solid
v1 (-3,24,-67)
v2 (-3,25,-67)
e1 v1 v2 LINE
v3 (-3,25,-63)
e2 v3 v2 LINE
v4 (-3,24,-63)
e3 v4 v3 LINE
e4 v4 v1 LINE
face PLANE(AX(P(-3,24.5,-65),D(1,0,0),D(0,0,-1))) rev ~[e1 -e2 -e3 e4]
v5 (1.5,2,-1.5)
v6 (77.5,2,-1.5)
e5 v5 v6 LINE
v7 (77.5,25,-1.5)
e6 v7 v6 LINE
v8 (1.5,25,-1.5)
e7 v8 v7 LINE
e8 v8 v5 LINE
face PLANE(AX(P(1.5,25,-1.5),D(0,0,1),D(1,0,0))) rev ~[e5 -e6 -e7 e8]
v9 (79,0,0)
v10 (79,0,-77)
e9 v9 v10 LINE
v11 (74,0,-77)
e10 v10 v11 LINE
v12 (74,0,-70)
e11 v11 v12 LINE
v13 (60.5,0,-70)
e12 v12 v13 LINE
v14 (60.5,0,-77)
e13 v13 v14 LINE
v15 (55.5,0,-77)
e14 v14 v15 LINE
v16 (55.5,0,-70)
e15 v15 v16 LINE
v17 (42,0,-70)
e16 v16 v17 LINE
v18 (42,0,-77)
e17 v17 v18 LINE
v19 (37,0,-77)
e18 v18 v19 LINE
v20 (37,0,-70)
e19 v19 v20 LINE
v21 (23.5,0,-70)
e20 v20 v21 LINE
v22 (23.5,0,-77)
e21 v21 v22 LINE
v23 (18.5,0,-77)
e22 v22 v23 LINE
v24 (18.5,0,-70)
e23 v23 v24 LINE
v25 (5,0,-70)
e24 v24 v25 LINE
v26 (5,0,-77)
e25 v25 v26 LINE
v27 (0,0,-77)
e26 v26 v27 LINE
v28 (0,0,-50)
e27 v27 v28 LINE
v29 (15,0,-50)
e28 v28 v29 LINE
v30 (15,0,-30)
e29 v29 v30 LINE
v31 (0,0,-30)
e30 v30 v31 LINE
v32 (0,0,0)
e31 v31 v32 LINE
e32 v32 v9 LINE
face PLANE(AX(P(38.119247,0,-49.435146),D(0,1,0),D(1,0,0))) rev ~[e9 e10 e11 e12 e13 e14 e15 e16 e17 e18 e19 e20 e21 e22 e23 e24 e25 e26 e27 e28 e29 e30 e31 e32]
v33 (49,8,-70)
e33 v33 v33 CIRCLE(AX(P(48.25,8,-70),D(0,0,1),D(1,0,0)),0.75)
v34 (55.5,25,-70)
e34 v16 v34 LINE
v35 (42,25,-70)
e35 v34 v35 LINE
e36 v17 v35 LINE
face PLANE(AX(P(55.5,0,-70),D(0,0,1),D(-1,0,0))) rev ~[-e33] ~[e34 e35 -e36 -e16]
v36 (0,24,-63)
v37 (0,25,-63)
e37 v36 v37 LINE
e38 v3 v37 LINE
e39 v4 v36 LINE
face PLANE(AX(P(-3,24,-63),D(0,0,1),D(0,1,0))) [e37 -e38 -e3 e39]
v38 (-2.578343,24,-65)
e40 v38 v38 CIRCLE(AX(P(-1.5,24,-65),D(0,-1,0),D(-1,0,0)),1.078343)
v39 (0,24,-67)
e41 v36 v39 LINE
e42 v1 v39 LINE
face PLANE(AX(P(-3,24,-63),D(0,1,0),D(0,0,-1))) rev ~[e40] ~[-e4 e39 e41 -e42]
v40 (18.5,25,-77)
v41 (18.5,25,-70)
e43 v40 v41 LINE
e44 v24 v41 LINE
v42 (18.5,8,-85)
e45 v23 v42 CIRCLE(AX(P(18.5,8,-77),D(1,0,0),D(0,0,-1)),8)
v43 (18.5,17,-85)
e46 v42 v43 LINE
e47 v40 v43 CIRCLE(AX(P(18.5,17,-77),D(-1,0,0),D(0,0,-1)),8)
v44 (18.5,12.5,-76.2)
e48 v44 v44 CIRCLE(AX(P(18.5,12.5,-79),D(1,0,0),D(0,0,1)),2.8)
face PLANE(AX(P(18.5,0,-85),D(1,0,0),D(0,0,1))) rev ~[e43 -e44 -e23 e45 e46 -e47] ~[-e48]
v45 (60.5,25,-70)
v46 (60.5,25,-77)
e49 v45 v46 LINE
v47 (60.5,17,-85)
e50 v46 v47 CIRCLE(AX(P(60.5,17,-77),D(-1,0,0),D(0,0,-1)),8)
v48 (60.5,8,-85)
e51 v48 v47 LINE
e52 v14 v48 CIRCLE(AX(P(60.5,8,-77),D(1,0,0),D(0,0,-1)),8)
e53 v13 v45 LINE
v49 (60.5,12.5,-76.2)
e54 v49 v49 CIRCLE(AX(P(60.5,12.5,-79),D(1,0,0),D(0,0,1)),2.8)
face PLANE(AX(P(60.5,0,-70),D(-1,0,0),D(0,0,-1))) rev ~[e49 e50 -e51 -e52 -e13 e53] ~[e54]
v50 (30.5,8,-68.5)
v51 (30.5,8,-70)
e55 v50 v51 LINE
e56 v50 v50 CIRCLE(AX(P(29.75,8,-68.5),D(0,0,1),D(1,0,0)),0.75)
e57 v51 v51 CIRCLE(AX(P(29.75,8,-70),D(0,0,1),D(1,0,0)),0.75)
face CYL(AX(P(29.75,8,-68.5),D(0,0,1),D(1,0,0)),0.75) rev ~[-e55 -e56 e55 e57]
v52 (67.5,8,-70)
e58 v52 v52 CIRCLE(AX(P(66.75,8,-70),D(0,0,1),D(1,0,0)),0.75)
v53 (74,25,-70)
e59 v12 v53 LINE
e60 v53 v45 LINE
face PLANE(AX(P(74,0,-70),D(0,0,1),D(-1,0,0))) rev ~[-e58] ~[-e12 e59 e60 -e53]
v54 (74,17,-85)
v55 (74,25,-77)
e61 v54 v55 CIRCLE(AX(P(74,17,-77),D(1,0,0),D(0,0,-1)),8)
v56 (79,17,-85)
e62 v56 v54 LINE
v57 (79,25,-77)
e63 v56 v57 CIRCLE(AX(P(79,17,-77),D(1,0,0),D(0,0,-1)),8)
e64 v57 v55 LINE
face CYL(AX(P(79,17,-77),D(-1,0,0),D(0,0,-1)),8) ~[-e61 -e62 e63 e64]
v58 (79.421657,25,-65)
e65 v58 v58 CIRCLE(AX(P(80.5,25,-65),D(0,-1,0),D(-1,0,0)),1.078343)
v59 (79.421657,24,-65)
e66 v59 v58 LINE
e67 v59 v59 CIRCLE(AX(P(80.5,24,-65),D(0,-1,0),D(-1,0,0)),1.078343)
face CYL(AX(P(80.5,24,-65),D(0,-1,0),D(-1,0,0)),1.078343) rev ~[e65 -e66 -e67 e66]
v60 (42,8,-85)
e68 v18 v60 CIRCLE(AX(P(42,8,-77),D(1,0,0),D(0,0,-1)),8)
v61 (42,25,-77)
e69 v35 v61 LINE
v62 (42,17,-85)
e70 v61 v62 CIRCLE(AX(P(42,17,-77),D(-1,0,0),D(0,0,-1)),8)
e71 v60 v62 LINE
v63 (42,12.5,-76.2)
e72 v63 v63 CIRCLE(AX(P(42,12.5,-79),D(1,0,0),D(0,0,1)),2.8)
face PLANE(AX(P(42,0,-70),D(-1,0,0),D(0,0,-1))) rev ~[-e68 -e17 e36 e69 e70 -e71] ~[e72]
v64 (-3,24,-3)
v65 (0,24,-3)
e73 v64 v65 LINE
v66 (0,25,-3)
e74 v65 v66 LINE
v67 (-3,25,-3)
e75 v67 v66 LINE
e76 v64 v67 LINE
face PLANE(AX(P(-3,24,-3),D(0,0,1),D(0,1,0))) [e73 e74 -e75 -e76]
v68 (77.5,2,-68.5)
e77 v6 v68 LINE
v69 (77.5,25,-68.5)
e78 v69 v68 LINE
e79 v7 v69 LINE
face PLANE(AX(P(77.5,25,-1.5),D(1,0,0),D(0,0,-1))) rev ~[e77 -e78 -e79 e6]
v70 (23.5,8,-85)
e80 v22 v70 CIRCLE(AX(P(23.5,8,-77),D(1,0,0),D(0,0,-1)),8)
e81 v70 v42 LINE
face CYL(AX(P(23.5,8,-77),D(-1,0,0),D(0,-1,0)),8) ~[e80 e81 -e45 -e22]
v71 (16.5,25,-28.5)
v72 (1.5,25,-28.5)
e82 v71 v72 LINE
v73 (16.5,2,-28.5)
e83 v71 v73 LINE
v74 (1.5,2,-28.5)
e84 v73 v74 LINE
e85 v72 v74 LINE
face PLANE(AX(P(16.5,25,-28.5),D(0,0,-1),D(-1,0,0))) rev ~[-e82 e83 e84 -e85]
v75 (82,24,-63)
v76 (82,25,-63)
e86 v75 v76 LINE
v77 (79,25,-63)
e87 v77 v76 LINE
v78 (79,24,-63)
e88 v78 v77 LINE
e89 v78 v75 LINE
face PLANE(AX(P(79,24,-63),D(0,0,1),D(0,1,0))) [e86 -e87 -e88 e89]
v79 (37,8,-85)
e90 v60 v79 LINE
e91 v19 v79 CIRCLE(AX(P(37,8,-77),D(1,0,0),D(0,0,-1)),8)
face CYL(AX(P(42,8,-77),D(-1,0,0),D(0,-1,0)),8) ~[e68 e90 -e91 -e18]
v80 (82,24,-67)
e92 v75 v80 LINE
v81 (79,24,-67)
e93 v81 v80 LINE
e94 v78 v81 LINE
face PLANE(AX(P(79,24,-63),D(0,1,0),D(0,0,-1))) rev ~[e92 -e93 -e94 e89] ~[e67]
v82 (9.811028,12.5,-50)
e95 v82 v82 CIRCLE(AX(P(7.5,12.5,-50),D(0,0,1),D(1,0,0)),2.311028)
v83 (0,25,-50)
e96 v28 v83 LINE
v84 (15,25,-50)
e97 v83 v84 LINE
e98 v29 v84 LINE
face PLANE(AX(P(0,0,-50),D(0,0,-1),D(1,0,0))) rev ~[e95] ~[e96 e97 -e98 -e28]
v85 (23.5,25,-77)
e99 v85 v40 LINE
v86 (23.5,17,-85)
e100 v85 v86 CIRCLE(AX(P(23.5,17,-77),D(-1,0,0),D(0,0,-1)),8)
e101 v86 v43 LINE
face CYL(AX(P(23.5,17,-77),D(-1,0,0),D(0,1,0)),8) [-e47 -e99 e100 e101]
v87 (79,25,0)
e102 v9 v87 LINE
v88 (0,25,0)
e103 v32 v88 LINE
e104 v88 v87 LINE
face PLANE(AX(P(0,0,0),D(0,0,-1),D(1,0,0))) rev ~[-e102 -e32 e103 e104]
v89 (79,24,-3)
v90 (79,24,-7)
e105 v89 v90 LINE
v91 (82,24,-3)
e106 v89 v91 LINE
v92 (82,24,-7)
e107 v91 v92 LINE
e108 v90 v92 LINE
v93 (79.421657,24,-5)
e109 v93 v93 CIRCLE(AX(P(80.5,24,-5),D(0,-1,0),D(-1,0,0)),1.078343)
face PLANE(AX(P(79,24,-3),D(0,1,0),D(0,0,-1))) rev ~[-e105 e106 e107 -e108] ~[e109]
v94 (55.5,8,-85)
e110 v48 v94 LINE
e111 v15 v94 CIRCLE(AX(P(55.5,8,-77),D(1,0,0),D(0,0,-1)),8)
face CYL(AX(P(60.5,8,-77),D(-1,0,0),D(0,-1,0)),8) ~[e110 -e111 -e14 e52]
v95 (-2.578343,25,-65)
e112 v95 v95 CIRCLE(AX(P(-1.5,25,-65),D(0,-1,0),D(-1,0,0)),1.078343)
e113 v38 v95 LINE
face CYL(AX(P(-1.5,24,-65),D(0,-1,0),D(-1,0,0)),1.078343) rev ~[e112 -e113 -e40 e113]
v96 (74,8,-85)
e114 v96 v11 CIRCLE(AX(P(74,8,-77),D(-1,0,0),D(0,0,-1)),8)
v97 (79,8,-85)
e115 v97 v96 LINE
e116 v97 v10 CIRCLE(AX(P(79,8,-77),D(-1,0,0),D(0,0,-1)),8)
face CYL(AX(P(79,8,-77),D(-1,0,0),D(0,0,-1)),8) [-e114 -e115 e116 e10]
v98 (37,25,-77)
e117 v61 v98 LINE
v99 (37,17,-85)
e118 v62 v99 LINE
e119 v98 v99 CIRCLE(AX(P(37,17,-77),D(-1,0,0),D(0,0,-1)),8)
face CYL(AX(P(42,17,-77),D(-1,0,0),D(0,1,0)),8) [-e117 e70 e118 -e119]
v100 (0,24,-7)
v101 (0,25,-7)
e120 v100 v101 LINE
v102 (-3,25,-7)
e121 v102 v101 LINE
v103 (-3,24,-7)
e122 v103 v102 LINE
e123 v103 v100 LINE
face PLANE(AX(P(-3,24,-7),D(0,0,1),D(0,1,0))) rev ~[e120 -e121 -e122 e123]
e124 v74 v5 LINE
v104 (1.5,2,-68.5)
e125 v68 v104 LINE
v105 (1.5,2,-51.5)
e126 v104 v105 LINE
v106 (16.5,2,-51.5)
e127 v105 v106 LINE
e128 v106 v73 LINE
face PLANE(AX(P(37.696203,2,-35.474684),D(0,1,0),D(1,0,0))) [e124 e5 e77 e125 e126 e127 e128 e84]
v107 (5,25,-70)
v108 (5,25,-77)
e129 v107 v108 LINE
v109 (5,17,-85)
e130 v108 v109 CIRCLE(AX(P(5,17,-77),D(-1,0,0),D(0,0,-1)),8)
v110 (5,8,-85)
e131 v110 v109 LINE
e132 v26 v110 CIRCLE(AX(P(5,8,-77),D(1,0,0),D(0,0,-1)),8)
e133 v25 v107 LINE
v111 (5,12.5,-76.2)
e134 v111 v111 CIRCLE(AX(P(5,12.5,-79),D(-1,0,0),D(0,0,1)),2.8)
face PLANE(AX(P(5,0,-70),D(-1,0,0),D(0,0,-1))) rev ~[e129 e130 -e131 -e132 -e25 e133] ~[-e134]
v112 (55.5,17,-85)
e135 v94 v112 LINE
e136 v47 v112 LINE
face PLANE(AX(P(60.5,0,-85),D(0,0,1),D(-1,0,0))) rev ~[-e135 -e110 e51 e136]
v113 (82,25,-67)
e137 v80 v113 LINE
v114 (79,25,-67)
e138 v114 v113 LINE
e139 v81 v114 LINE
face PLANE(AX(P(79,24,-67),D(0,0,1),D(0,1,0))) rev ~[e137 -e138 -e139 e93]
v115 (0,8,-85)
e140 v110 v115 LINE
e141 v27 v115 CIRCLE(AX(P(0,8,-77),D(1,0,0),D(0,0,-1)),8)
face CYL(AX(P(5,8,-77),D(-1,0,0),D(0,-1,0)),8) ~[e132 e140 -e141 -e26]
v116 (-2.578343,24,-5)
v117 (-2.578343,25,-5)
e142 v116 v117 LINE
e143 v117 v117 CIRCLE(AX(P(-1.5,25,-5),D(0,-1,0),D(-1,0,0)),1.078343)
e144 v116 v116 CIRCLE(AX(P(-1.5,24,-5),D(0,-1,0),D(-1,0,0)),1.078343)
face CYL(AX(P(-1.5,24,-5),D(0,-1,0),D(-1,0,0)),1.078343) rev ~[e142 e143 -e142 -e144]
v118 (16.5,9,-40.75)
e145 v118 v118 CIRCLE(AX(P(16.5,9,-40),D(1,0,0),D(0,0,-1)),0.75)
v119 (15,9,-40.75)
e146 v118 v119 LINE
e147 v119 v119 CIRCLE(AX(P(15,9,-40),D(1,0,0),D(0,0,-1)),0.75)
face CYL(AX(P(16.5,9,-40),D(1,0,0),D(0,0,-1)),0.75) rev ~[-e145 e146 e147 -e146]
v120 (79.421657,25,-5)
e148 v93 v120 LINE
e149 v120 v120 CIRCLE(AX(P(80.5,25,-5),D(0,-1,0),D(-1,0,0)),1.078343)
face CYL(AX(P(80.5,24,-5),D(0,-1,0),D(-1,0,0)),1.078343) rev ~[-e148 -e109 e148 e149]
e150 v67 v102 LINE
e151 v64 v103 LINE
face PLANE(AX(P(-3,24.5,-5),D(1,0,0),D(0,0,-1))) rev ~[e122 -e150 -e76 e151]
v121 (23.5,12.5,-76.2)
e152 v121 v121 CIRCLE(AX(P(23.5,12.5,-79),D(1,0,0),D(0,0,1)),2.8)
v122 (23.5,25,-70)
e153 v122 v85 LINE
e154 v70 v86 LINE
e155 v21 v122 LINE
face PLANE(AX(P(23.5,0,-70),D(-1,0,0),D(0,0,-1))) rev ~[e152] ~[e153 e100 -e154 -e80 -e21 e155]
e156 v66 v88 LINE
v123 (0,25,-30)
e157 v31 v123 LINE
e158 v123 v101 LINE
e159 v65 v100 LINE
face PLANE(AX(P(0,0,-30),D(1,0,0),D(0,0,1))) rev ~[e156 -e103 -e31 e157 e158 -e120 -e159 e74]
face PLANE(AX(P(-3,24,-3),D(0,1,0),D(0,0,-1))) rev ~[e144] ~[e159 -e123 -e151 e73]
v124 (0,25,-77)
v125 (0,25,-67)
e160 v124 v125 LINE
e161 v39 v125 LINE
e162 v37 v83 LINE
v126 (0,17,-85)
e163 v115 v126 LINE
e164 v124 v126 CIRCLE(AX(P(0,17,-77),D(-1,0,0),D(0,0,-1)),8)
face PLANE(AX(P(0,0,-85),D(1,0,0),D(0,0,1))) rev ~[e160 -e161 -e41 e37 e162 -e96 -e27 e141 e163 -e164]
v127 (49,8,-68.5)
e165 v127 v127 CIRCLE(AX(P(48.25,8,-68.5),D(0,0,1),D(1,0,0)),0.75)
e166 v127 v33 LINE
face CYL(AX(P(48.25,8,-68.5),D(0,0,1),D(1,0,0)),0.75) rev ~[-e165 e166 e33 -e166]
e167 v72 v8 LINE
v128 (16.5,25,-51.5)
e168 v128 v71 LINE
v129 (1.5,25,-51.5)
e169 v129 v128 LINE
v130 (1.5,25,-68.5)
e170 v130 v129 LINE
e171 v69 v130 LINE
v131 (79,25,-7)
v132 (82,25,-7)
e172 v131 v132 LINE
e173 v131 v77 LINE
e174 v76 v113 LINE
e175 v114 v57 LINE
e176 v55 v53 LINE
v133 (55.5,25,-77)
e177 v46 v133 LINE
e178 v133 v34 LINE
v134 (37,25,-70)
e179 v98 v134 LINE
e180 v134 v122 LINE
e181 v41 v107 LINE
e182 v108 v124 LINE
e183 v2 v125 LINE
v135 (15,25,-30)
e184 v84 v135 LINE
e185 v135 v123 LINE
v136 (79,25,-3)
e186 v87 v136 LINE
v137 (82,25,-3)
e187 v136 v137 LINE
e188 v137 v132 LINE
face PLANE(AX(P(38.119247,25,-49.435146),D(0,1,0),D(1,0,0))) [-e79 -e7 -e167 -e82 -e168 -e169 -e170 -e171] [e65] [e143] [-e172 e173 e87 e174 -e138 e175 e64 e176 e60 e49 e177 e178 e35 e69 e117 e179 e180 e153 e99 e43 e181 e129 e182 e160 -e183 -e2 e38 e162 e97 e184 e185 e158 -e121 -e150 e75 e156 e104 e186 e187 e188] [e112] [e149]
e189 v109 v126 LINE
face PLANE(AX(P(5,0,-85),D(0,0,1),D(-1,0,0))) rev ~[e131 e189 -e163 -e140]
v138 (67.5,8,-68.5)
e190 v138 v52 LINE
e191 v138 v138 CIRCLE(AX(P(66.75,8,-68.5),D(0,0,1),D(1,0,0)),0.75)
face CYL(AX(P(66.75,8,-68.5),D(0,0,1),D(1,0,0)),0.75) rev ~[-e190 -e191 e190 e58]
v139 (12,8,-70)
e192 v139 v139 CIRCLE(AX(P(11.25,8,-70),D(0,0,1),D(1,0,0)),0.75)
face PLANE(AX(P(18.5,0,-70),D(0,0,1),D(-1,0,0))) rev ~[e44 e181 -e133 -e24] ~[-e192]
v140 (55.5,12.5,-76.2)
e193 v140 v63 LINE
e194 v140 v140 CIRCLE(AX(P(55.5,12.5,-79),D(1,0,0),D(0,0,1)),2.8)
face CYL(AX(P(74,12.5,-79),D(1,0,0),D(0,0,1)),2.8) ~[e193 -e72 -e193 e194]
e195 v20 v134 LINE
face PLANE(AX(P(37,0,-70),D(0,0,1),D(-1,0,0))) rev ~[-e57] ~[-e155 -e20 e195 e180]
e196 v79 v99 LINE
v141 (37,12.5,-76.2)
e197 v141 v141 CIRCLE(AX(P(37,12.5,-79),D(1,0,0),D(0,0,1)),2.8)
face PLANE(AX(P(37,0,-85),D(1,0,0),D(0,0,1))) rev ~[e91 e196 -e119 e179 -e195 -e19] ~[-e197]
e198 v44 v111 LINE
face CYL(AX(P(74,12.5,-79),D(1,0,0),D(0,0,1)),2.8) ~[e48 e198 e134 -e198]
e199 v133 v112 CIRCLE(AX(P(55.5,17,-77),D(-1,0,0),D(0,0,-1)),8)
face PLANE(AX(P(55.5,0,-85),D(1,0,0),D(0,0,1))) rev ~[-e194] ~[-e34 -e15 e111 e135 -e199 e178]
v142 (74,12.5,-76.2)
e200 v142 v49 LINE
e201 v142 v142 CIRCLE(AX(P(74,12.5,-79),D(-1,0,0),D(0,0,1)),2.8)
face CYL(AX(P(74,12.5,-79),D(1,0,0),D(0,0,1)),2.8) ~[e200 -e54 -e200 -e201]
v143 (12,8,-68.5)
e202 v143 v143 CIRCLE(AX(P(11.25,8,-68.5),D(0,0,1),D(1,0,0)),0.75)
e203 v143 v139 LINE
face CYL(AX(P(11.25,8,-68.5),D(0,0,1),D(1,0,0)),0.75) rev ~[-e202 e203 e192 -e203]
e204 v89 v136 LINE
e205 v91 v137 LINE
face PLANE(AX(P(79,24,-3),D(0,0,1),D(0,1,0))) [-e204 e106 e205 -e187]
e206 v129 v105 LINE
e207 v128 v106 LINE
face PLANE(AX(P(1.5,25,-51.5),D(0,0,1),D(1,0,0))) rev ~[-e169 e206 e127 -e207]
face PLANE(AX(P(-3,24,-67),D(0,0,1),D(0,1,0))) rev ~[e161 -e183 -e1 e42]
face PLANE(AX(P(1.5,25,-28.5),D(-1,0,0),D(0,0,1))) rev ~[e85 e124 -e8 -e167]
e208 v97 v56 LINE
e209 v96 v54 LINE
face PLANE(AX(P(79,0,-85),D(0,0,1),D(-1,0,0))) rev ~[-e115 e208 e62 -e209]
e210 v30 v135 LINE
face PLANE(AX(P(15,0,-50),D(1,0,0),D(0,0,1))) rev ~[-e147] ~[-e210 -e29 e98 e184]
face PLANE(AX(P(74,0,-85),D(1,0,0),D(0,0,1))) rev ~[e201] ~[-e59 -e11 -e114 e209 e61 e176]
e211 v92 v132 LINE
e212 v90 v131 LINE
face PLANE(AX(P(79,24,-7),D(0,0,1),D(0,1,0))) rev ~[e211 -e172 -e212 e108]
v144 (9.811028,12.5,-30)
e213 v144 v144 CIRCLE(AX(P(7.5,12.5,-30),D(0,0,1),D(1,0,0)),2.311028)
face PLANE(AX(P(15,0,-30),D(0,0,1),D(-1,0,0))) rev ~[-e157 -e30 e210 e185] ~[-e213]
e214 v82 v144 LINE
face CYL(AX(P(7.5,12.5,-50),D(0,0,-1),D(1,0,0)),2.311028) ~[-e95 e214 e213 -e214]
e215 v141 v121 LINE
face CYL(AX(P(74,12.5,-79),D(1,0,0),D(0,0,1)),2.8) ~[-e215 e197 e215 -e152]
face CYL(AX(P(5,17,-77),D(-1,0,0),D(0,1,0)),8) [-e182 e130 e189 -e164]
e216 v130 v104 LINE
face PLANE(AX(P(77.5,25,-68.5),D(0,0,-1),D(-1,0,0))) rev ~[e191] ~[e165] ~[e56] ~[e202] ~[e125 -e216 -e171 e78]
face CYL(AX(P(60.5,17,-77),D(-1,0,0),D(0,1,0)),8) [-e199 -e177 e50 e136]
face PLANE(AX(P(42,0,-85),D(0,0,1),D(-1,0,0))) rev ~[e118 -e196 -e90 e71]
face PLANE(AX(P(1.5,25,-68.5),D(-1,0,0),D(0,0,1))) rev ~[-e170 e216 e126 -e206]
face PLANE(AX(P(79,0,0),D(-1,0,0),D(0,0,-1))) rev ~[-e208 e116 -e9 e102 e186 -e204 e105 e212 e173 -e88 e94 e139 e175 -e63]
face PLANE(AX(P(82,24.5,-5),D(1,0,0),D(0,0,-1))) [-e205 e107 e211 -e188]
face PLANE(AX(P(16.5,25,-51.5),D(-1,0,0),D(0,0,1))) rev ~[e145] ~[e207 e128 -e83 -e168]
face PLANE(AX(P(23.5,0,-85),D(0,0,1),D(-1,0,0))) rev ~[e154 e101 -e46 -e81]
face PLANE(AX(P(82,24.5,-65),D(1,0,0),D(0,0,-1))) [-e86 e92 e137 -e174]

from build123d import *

# Parameters (mm, degrees)
BOSS_EXTRUDE1_DEPTH  = 25
SKETCH3_R            = 2.8
BOSS_EXTRUDE2_DEPTH  = 69
CUT_EXTRUDE2_DEPTH   = 23
SKETCH9_R            = 2.311028434
BOSS_EXTRUDE3_DEPTH  = 20
FILLET1_R            = 8
SKETCH10_R           = 0.75
CUT_EXTRUDE4_DEPTH   = 2
LPATTERN2_COUNT      = 2
LPATTERN2_PITCH      = 2
LPATTERN2_COUNT_DIR2 = 4
LPATTERN2_PITCH_DIR2 = 18.5
SKETCH11_R           = 0.75
CUT_EXTRUDE5_DEPTH   = 2
SKETCH13_W           = 4
SKETCH13_H           = 1
BOSS_EXTRUDE4_DEPTH  = 3
SKETCH14_R           = 1.078343224
CUT_EXTRUDE6_DEPTH   = 2
LPATTERN3_COUNT      = 2
LPATTERN3_PITCH      = 60
LPATTERN3_COUNT_DIR2 = 2
LPATTERN3_PITCH_DIR2 = 82
LPATTERN4_COUNT      = 2
LPATTERN4_PITCH      = 60
LPATTERN4_COUNT_DIR2 = 2
LPATTERN4_PITCH_DIR2 = 82


with BuildPart() as part:
    # Sketch2 → Boss-Extrude1 (new body)
    with BuildSketch(Plane(origin=(0, 0, 0), x_dir=(1, 0, 0), z_dir=(0, 1, 0))):
        Polygon((0, 0), (79, 0), (79, 85), (74, 85), (74, 70), (60.5, 70), (60.5, 85), (55.5, 85), (55.5, 70), (42, 70), (42, 85), (37, 85), (37, 70), (23.5, 70), (23.5, 85), (18.5, 85), (18.5, 70), (5, 70), (5, 85), (0, 85), (0, 50), (15, 50), (15, 30), (0, 30), align=None)
    extrude(amount=BOSS_EXTRUDE1_DEPTH)

    # Sketch3 → Boss-Extrude2 (add)
    with BuildSketch(Plane.ZY.offset(-74)):
        with Locations((-79, 12.5)):
            Circle(SKETCH3_R)
    extrude(amount=BOSS_EXTRUDE2_DEPTH)

    # Sketch4 → Cut-Extrude2 (cut)
    with BuildSketch(Plane(origin=(0, 25, 0), x_dir=(1, 0, 0), z_dir=(0, 1, 0))):
        Polygon((1.5, 68.5), (1.5, 51.5), (16.5, 51.5), (16.5, 28.5), (1.5, 28.5), (1.5, 1.5), (77.5, 1.5), (77.5, 68.5), align=None)
    extrude(amount=-CUT_EXTRUDE2_DEPTH, mode=Mode.SUBTRACT)

    # Sketch9 → Boss-Extrude3 (add)
    with BuildSketch(Plane.XY.offset(-50)):
        with Locations((7.5, 12.5)):
            Circle(SKETCH9_R)
    extrude(amount=BOSS_EXTRUDE3_DEPTH)

    # Fillet1
    fillet1_edges = [part.edges().sort_by_distance(p)[0] for p in [
        (76.5, 25, -85),
        (2.5, 0, -85),
        (21, 0, -85),
        (39.5, 0, -85),
        (58, 0, -85),
        (76.5, 0, -85),
        (58, 25, -85),
        (39.5, 25, -85),
        (21, 25, -85),
        (2.5, 25, -85),
    ]]
    fillet(fillet1_edges, radius=FILLET1_R)

    # Sketch10 → Cut-Extrude4 (cut)
    with BuildSketch(Plane.XY.offset(-68.5)):
        with Locations((11.25, 8)):
            Circle(SKETCH10_R)
    cut_extrude4 = extrude(amount=-CUT_EXTRUDE4_DEPTH, mode=Mode.SUBTRACT)

    # LPattern2: Cut-Extrude4 2 × 4
    with Locations(*[(j * LPATTERN2_PITCH_DIR2, 0, i * LPATTERN2_PITCH) for i in range(LPATTERN2_COUNT) for j in range(LPATTERN2_COUNT_DIR2) if (i, j) != (0, 0)]):
        add(cut_extrude4, mode=Mode.SUBTRACT)

    # Sketch11 → Cut-Extrude5 (cut)
    with BuildSketch(Plane(origin=(16.5, 0, 0), x_dir=(0, 0, -1), z_dir=(1, 0, 0))):
        with Locations((40, 9)):
            Circle(SKETCH11_R)
    extrude(amount=-CUT_EXTRUDE5_DEPTH, mode=Mode.SUBTRACT)

    # Sketch13 → Boss-Extrude4 (add)
    with BuildSketch(Plane(origin=(79, 0, 0), x_dir=(0, 0, -1), z_dir=(1, 0, 0))):
        with Locations((5, 24.5)):
            Rectangle(SKETCH13_W, SKETCH13_H)
    boss_extrude4 = extrude(amount=BOSS_EXTRUDE4_DEPTH)

    # Sketch14 → Cut-Extrude6 (cut, through all)
    with BuildSketch(Plane(origin=(0, 24, 0), x_dir=(-1, 0, 0), z_dir=(0, -1, 0))):
        with Locations((-80.5, 5)):
            Circle(SKETCH14_R)
    cut_extrude6 = extrude(amount=-CUT_EXTRUDE6_DEPTH, mode=Mode.SUBTRACT)

    # LPattern3: Boss-Extrude4 2 × 2
    with Locations(*[(-j * LPATTERN3_PITCH_DIR2, 0, -i * LPATTERN3_PITCH) for i in range(LPATTERN3_COUNT) for j in range(LPATTERN3_COUNT_DIR2) if (i, j) != (0, 0)]):
        add(boss_extrude4)

    # LPattern4: Cut-Extrude6 2 × 2
    with Locations(*[(-j * LPATTERN4_PITCH_DIR2, 0, -i * LPATTERN4_PITCH) for i in range(LPATTERN4_COUNT) for j in range(LPATTERN4_COUNT_DIR2) if (i, j) != (0, 0)]):
        add(cut_extrude6, mode=Mode.SUBTRACT)


solid = part.part
